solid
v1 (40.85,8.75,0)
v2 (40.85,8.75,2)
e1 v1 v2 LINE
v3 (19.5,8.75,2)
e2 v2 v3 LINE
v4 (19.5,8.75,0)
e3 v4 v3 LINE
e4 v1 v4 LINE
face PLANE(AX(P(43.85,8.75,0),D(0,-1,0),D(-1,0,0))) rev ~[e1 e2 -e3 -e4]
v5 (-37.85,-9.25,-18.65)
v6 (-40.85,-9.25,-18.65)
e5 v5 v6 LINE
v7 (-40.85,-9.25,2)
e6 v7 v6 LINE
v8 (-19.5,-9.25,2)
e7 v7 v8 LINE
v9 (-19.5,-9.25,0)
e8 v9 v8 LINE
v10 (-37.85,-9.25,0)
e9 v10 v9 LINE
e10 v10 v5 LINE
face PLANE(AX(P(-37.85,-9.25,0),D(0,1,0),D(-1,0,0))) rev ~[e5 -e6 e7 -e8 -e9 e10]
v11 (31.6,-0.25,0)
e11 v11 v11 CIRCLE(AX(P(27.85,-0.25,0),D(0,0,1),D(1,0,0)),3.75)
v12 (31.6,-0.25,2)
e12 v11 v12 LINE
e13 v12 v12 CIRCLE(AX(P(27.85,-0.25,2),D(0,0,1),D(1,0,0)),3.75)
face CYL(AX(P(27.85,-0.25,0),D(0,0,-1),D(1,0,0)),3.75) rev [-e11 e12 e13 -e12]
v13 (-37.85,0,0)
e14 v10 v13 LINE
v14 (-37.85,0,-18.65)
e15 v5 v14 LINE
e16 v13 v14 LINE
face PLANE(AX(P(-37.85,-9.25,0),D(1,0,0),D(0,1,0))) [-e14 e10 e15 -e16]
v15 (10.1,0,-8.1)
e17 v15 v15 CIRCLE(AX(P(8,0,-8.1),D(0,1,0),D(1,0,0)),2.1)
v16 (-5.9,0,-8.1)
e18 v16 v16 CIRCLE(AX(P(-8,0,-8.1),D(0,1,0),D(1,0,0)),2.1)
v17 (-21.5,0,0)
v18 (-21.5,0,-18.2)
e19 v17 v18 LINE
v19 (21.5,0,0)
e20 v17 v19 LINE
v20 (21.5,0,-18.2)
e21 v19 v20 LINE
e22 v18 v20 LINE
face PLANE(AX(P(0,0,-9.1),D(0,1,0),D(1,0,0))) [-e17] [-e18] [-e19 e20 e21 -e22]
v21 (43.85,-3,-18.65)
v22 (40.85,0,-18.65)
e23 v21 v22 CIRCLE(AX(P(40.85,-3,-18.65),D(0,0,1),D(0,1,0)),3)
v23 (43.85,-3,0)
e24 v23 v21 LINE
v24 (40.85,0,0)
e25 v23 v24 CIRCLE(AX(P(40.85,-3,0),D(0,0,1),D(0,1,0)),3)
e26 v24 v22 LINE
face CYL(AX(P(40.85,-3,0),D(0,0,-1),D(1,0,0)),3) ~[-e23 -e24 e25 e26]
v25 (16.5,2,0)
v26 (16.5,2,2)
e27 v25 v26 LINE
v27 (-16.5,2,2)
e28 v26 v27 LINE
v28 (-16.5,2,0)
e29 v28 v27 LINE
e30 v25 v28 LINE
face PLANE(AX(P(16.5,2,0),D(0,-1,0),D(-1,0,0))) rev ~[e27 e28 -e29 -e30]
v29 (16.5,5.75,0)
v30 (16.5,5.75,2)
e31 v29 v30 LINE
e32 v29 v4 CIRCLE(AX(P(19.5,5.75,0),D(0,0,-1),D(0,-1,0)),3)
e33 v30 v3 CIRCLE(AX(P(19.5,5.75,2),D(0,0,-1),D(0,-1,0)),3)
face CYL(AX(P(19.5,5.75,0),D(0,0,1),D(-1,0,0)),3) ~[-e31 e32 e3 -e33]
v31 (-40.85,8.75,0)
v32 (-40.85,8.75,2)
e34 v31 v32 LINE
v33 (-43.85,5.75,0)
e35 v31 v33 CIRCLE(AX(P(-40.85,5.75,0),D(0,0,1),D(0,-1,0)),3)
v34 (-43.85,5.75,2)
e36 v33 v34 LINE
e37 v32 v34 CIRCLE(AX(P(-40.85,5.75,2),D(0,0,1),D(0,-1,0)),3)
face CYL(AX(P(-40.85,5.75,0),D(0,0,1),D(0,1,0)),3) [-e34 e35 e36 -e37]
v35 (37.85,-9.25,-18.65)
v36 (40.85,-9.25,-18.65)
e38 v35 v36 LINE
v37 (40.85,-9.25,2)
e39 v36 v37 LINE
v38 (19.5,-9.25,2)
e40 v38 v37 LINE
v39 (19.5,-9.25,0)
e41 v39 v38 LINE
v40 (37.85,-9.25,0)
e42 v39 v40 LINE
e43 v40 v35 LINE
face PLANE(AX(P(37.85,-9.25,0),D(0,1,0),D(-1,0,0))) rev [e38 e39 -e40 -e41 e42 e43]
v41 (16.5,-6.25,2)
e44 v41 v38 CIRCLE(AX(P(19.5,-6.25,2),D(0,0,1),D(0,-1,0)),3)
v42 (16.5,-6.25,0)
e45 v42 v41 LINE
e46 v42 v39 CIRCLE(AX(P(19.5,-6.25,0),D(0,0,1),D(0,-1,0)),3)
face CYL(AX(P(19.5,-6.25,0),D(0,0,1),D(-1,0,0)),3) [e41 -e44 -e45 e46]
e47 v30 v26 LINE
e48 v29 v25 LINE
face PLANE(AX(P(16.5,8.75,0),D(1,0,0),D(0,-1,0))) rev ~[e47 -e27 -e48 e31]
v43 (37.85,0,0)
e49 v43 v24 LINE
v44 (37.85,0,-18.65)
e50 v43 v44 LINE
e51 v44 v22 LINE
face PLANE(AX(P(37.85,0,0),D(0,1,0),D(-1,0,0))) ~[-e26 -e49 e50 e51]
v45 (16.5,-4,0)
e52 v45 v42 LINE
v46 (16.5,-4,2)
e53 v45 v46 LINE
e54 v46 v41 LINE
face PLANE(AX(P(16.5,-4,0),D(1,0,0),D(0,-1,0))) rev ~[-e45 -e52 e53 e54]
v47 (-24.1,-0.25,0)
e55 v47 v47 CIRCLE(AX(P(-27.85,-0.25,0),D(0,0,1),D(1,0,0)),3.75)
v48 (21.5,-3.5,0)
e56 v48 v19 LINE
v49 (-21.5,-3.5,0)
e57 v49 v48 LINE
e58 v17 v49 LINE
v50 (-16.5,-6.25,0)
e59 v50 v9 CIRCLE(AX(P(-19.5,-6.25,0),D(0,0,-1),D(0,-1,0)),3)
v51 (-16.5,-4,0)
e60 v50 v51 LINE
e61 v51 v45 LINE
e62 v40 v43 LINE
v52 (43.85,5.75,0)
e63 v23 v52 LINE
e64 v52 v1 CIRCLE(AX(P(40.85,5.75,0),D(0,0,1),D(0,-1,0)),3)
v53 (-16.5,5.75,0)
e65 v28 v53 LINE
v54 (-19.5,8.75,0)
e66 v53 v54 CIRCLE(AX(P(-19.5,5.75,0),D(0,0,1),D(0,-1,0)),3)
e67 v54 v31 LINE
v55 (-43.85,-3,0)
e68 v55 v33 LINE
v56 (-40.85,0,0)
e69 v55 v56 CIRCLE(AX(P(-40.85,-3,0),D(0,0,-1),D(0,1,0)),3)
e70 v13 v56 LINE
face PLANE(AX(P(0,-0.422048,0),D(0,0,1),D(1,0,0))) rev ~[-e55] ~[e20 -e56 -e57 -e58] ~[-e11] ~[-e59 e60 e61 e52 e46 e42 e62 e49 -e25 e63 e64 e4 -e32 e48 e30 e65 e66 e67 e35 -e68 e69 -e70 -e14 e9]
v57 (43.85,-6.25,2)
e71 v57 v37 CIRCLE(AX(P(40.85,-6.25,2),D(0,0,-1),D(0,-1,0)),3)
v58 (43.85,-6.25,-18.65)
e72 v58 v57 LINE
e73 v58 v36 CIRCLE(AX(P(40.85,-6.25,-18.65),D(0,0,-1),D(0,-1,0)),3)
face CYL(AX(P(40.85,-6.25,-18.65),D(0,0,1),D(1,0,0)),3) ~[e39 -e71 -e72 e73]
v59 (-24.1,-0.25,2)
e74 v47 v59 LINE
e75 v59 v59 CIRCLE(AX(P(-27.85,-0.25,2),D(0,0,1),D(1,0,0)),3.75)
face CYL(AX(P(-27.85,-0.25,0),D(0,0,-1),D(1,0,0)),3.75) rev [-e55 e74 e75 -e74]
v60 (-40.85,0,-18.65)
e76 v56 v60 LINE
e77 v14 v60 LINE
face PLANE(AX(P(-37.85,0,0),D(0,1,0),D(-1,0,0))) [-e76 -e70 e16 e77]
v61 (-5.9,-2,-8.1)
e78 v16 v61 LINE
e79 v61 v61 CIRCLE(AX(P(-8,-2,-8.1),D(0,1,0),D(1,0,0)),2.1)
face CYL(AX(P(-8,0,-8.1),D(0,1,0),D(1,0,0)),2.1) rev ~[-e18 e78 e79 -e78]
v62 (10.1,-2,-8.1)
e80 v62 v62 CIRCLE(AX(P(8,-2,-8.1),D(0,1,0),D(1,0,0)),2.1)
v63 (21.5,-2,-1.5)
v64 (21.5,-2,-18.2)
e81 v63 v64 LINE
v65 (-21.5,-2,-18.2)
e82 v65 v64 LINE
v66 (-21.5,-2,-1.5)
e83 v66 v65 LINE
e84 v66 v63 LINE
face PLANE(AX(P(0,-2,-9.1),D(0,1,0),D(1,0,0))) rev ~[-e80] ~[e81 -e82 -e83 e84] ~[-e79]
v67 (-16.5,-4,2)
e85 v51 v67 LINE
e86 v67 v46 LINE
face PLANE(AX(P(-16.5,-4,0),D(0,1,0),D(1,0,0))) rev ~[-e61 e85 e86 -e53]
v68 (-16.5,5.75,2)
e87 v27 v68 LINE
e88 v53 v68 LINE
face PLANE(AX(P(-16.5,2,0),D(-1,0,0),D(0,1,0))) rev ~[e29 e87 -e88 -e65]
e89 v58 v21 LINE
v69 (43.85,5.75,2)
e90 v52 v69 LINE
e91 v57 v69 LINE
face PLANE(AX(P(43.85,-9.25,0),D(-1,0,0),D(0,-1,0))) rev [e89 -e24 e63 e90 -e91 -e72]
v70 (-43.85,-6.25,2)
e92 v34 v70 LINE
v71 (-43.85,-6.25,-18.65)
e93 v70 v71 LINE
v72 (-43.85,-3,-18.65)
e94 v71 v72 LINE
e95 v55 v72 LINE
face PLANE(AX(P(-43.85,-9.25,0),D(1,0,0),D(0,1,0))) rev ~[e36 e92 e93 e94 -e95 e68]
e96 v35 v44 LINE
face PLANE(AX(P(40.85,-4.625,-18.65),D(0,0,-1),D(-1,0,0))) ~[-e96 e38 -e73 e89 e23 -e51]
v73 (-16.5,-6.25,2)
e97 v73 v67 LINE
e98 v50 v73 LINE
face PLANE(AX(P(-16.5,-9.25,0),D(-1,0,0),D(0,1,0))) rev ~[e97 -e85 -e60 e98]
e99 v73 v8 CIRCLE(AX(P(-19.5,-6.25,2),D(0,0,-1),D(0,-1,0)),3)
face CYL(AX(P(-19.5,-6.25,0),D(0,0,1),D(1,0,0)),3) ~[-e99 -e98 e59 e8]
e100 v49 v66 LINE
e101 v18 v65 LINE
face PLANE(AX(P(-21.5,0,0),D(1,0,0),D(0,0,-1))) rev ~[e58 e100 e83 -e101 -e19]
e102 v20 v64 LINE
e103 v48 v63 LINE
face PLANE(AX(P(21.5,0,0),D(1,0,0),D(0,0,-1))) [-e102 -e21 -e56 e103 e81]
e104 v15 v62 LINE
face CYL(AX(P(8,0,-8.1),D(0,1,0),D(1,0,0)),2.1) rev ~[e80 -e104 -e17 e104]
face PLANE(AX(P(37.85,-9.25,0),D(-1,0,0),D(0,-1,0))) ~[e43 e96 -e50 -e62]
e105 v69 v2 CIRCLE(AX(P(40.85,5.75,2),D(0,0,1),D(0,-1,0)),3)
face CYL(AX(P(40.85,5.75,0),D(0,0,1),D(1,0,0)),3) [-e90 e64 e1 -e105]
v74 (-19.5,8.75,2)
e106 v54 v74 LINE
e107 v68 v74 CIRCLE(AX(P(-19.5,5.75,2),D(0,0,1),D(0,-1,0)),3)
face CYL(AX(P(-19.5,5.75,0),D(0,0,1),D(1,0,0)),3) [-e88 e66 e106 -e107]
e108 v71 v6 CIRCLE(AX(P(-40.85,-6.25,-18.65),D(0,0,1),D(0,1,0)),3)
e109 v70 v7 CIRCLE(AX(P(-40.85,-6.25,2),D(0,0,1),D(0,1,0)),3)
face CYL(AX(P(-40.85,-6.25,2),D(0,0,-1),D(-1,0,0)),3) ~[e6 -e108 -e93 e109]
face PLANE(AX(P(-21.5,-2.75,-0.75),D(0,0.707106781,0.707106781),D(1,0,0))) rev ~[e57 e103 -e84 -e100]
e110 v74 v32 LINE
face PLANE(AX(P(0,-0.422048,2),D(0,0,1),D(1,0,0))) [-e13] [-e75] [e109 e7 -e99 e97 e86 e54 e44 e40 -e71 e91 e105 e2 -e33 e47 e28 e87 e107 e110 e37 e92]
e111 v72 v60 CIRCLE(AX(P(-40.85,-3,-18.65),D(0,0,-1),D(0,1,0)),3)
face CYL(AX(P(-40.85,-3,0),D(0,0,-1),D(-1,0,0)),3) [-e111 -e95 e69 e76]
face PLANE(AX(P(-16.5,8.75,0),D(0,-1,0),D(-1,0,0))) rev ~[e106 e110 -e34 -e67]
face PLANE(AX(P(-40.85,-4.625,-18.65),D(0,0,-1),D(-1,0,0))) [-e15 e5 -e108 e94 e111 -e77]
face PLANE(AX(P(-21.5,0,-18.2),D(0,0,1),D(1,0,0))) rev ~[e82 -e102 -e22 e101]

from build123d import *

# Parameters (mm, degrees)
SKETCH3_W           = 43
SKETCH3_H           = 18.2
SKETCH3_R           = 2.1
BOSS_EXTRUDE5_DEPTH = 2
SKETCH1_R           = 3.75
BOSS_EXTRUDE1_DEPTH = 2
CHAMFER1_SIZE       = 1.5
SKETCH5_W           = 6
SKETCH5_H           = 9.25
BOSS_EXTRUDE4_DEPTH = 18.65
FILLET1_R           = 3


with BuildPart() as part:
    # Sketch3 → Boss-Extrude5 (new body)
    with BuildSketch(Plane(origin=(0, 0, 0), x_dir=(1, 0, 0), z_dir=(0, 1, 0))):
        with Locations((0, 9.1)):
            Rectangle(SKETCH3_W, SKETCH3_H)
        with Locations((-8, 8.1)):
            Circle(SKETCH3_R, mode=Mode.SUBTRACT)
        with Locations((8, 8.1)):
            Circle(SKETCH3_R, mode=Mode.SUBTRACT)
    extrude(amount=-BOSS_EXTRUDE5_DEPTH)

    # Sketch1 → Boss-Extrude1 (add)
    with BuildSketch(Plane.XY):
        Polygon((-43.85, -9.25), (-16.5, -9.25), (-16.5, -4), (16.5, -4), (16.5, -9.25), (43.85, -9.25), (43.85, 8.75), (16.5, 8.75), (16.5, 2), (-16.5, 2), (-16.5, 8.75), (-43.85, 8.75), align=None)
        with Locations((-27.85, -0.25)):
            Circle(SKETCH1_R, mode=Mode.SUBTRACT)
        with Locations((27.85, -0.25)):
            Circle(SKETCH1_R, mode=Mode.SUBTRACT)
    extrude(amount=BOSS_EXTRUDE1_DEPTH)

    # Chamfer1
    chamfer1_edges = [part.edges().sort_by_distance(p)[0] for p in [
        (0, -2, 0),
    ]]
    chamfer(chamfer1_edges, length=CHAMFER1_SIZE)

    # Sketch5 → Boss-Extrude4 (add)
    with BuildSketch(Plane(origin=(0, 0, 0), x_dir=(-1, 0, 0), z_dir=(0, 0, -1))):
        with Locations((40.85, -4.625)):
            Rectangle(SKETCH5_W, SKETCH5_H)
    boss_extrude4 = extrude(amount=BOSS_EXTRUDE4_DEPTH)

    # Mirror2: Boss-Extrude4 across plane
    add(boss_extrude4.mirror(Plane(origin=(0, 0, 0), x_dir=(0, 0, 1), z_dir=(1, 0, 0))))

    # Fillet1
    fillet1_edges = [part.edges().sort_by_distance(p)[0] for p in [
        (-43.85, 8.75, 1),
        (-43.85, -9.25, -8.325),
        (-16.5, -9.25, 1),
        (16.5, -9.25, 1),
        (43.85, -9.25, -8.325),
        (43.85, 8.75, 1),
        (16.5, 8.75, 1),
        (-16.5, 8.75, 1),
        (-43.85, 0, -9.325),
        (43.85, 0, -9.325),
    ]]
    fillet(fillet1_edges, radius=FILLET1_R)


solid = part.part
